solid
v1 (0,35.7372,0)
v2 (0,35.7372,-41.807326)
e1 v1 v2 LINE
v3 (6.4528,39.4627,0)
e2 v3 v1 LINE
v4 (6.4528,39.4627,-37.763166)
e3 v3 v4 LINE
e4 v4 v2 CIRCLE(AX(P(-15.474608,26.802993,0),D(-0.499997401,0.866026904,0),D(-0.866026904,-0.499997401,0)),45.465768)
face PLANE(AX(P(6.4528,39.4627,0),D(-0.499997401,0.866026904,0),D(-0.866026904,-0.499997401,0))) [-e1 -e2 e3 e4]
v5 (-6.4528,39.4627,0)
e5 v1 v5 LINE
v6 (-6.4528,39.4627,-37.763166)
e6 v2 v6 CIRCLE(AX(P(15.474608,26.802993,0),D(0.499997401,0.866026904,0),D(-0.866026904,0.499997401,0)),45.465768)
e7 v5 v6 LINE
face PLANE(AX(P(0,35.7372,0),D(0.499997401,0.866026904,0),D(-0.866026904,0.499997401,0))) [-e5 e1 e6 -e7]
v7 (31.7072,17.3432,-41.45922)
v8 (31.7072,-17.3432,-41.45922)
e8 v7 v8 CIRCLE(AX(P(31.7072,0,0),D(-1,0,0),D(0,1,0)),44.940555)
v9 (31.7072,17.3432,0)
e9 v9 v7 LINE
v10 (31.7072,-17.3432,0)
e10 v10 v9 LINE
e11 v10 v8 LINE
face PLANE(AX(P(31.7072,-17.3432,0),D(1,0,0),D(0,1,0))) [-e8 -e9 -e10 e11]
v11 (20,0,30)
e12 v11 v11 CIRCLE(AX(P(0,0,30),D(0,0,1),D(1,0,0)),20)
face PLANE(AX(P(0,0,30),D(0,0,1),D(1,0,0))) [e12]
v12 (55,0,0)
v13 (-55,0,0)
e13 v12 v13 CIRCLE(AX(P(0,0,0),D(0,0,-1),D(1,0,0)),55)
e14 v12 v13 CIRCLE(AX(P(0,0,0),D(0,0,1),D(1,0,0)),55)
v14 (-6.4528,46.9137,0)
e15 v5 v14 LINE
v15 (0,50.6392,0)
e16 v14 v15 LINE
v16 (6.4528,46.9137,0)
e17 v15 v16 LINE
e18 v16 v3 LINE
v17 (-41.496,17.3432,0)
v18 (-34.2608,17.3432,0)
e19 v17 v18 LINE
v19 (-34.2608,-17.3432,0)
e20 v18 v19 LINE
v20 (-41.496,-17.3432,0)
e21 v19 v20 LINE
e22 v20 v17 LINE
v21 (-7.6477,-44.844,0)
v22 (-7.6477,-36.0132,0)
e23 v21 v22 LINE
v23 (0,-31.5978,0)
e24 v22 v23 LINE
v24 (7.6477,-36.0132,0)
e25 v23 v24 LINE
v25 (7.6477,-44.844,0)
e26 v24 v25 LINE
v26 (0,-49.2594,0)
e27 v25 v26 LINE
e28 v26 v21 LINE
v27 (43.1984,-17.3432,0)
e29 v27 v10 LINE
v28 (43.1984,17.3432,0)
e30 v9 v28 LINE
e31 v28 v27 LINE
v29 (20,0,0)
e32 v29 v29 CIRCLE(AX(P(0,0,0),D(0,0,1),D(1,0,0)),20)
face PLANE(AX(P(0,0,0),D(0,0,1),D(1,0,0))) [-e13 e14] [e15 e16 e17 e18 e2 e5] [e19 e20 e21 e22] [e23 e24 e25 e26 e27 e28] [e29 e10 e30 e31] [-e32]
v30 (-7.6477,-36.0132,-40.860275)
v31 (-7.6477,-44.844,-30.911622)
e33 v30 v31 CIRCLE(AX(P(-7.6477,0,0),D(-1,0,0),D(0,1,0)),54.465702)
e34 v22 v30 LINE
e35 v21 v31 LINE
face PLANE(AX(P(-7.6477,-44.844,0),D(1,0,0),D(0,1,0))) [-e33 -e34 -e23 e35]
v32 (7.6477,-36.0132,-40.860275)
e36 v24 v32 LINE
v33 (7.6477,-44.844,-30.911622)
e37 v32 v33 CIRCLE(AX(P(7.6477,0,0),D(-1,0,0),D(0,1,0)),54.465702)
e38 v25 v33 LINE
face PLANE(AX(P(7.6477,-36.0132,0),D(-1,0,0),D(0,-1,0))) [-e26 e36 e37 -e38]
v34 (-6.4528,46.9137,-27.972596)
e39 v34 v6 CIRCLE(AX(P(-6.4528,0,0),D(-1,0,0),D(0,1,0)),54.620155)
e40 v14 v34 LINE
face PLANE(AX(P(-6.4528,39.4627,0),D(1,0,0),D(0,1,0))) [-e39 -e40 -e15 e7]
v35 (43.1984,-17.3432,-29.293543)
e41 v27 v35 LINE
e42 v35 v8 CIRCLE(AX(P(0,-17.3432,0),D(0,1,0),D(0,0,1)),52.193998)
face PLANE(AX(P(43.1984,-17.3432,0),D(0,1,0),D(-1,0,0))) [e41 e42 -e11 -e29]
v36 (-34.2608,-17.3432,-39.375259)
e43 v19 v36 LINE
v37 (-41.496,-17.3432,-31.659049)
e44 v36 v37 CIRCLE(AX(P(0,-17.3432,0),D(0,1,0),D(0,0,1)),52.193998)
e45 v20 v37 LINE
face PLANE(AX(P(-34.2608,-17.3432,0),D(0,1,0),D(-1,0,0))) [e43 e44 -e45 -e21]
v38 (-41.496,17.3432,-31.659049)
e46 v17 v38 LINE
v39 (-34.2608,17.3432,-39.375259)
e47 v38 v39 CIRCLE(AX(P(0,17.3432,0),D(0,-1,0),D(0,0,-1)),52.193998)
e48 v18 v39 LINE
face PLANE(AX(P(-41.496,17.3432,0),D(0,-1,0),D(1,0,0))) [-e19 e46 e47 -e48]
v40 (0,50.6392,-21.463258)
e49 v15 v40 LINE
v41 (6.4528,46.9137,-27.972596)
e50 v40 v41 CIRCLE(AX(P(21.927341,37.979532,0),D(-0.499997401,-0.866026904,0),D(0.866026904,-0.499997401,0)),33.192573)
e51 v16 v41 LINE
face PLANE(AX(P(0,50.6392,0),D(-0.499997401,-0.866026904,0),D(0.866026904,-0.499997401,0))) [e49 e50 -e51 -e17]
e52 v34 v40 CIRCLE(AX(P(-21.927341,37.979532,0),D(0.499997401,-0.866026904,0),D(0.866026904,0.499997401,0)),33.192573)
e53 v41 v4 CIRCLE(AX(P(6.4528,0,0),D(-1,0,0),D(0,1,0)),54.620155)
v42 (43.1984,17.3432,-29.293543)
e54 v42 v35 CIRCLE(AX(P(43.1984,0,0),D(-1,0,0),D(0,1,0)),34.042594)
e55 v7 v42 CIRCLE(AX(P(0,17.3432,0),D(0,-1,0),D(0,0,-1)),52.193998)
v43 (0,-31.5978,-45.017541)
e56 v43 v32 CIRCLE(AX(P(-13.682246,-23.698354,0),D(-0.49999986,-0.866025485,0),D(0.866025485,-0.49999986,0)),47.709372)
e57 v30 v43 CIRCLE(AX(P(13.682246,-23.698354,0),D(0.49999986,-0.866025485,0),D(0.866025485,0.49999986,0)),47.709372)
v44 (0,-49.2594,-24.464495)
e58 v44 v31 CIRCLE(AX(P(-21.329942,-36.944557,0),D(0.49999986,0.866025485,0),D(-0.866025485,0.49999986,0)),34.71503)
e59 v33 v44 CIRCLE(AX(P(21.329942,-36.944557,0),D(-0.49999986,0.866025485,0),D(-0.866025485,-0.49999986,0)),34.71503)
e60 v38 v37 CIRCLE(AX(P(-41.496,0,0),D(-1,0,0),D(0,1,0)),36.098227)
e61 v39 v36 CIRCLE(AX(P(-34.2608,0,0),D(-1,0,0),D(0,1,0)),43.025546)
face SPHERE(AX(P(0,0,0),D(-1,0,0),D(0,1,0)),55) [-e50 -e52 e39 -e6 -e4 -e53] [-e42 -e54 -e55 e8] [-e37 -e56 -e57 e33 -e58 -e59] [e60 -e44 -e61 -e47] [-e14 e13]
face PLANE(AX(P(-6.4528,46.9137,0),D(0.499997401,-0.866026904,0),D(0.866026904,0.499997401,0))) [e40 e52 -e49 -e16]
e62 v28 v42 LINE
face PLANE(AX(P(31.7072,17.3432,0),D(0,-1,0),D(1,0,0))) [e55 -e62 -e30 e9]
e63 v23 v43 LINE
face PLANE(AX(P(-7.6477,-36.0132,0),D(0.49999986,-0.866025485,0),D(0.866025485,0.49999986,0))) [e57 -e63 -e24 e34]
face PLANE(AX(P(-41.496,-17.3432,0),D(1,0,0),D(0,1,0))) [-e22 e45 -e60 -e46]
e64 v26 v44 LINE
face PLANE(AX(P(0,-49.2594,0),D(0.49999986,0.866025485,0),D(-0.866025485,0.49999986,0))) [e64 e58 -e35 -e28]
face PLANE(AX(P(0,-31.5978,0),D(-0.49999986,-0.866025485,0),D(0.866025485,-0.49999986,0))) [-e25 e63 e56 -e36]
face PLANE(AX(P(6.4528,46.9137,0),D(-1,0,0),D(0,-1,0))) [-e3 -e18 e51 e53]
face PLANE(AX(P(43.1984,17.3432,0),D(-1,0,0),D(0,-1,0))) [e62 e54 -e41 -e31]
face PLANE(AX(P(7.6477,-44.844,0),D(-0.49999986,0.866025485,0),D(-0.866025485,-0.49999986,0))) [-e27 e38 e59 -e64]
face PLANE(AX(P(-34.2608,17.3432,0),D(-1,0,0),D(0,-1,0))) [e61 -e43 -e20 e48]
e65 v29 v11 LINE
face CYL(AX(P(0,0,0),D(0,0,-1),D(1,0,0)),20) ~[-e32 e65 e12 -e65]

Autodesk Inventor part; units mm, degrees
ref_plane "YZ Plane" through (0, 0, 0) normal (1, 0, 0) x (0, 1, 0)
ref_plane "XZ Plane" through (0, 0, 0) normal (0, 1, 0) x (-1, 0, 0)
ref_plane "XY Plane" through (0, 0, 0) normal (0, 0, 1) x (1, 0, 0)
sketch "Sketch1" plane through (0, 0, 0) normal (0, 0, 1) x (1, 0, 0)
  arc A0 (55, 0) -> (-55, 0) centre (0, 0) ccw
  line L0 (-55, 0) -> (55, 0)
  dimension "d0" = 55
  dimension "d1" = 110
revolve "Revolution1" add sketch "Sketch1" angle 180 about axis through (-55, 0, 0) along (-1, 0, 0)
sketch "Sketch2" plane through (0, 0, 0) normal (0, 0, 1) x (1, 0, 0)
  circle A0 centre (0, 0) radius 20
  dimension "d9" = 40
sketch "Sketch3" plane through (0, 0, 0) normal (0, 0, 1) x (1, 0, 0)
  line L0 (-34.2608, -17.3432) -> (-41.496, -17.3432)
  line L1 (-41.496, -17.3432) -> (-41.496, 17.3432)
  line L2 (-41.496, 17.3432) -> (-34.2608, 17.3432)
  line L3 (-34.2608, 17.3432) -> (-34.2608, -17.3432)
  line L4 (-34.2608, -17.3432) -> (-41.496, 17.3432) construction
  line L5 (-41.496, -17.3432) -> (-34.2608, 17.3432) construction
  line L6 (43.1984, -17.3432) -> (31.7072, -17.3432)
  line L7 (31.7072, -17.3432) -> (31.7072, 17.3432)
  line L8 (31.7072, 17.3432) -> (43.1984, 17.3432)
  line L9 (43.1984, 17.3432) -> (43.1984, -17.3432)
  line L10 (43.1984, -17.3432) -> (31.7072, 17.3432) construction
  line L11 (31.7072, -17.3432) -> (43.1984, 17.3432) construction
  point P0 (0, 0)
  point P1 (-37.8784, 0)
  point P2 (37.4528, 0)
extrude "Extrusion1" cut sketch "Sketch3" against normal blind 55
sketch "Sketch4" plane through (0, 0, 0) normal (0, 0, 1) x (1, 0, 0)
  line L0 (0, 35.7372) -> (-6.4528, 39.4627)
  line L1 (-6.4528, 39.4627) -> (-6.4528, 46.9137)
  line L2 (-6.4528, 46.9137) -> (0, 50.6392)
  line L3 (0, 50.6392) -> (6.4528, 46.9137)
  line L4 (6.4528, 46.9137) -> (6.4528, 39.4627)
  line L5 (6.4528, 39.4627) -> (0, 35.7372)
  line L6 (0, -31.5978) -> (7.6477, -36.0132)
  line L7 (7.6477, -36.0132) -> (7.6477, -44.844)
  line L8 (7.6477, -44.844) -> (0, -49.2594)
  line L9 (0, -49.2594) -> (-7.6477, -44.844)
  line L10 (-7.6477, -44.844) -> (-7.6477, -36.0132)
  line L11 (-7.6477, -36.0132) -> (0, -31.5978)
  point P0 (0, 0)
  point P1 (0, 43.1882)
  point P2 (0, -40.4286)
extrude "Extrusion2" cut sketch "Sketch4" against normal blind 55
extrude "Extrusion4" add sketch "Sketch2" along normal blind 30
properties material "Aluminum 6061"
